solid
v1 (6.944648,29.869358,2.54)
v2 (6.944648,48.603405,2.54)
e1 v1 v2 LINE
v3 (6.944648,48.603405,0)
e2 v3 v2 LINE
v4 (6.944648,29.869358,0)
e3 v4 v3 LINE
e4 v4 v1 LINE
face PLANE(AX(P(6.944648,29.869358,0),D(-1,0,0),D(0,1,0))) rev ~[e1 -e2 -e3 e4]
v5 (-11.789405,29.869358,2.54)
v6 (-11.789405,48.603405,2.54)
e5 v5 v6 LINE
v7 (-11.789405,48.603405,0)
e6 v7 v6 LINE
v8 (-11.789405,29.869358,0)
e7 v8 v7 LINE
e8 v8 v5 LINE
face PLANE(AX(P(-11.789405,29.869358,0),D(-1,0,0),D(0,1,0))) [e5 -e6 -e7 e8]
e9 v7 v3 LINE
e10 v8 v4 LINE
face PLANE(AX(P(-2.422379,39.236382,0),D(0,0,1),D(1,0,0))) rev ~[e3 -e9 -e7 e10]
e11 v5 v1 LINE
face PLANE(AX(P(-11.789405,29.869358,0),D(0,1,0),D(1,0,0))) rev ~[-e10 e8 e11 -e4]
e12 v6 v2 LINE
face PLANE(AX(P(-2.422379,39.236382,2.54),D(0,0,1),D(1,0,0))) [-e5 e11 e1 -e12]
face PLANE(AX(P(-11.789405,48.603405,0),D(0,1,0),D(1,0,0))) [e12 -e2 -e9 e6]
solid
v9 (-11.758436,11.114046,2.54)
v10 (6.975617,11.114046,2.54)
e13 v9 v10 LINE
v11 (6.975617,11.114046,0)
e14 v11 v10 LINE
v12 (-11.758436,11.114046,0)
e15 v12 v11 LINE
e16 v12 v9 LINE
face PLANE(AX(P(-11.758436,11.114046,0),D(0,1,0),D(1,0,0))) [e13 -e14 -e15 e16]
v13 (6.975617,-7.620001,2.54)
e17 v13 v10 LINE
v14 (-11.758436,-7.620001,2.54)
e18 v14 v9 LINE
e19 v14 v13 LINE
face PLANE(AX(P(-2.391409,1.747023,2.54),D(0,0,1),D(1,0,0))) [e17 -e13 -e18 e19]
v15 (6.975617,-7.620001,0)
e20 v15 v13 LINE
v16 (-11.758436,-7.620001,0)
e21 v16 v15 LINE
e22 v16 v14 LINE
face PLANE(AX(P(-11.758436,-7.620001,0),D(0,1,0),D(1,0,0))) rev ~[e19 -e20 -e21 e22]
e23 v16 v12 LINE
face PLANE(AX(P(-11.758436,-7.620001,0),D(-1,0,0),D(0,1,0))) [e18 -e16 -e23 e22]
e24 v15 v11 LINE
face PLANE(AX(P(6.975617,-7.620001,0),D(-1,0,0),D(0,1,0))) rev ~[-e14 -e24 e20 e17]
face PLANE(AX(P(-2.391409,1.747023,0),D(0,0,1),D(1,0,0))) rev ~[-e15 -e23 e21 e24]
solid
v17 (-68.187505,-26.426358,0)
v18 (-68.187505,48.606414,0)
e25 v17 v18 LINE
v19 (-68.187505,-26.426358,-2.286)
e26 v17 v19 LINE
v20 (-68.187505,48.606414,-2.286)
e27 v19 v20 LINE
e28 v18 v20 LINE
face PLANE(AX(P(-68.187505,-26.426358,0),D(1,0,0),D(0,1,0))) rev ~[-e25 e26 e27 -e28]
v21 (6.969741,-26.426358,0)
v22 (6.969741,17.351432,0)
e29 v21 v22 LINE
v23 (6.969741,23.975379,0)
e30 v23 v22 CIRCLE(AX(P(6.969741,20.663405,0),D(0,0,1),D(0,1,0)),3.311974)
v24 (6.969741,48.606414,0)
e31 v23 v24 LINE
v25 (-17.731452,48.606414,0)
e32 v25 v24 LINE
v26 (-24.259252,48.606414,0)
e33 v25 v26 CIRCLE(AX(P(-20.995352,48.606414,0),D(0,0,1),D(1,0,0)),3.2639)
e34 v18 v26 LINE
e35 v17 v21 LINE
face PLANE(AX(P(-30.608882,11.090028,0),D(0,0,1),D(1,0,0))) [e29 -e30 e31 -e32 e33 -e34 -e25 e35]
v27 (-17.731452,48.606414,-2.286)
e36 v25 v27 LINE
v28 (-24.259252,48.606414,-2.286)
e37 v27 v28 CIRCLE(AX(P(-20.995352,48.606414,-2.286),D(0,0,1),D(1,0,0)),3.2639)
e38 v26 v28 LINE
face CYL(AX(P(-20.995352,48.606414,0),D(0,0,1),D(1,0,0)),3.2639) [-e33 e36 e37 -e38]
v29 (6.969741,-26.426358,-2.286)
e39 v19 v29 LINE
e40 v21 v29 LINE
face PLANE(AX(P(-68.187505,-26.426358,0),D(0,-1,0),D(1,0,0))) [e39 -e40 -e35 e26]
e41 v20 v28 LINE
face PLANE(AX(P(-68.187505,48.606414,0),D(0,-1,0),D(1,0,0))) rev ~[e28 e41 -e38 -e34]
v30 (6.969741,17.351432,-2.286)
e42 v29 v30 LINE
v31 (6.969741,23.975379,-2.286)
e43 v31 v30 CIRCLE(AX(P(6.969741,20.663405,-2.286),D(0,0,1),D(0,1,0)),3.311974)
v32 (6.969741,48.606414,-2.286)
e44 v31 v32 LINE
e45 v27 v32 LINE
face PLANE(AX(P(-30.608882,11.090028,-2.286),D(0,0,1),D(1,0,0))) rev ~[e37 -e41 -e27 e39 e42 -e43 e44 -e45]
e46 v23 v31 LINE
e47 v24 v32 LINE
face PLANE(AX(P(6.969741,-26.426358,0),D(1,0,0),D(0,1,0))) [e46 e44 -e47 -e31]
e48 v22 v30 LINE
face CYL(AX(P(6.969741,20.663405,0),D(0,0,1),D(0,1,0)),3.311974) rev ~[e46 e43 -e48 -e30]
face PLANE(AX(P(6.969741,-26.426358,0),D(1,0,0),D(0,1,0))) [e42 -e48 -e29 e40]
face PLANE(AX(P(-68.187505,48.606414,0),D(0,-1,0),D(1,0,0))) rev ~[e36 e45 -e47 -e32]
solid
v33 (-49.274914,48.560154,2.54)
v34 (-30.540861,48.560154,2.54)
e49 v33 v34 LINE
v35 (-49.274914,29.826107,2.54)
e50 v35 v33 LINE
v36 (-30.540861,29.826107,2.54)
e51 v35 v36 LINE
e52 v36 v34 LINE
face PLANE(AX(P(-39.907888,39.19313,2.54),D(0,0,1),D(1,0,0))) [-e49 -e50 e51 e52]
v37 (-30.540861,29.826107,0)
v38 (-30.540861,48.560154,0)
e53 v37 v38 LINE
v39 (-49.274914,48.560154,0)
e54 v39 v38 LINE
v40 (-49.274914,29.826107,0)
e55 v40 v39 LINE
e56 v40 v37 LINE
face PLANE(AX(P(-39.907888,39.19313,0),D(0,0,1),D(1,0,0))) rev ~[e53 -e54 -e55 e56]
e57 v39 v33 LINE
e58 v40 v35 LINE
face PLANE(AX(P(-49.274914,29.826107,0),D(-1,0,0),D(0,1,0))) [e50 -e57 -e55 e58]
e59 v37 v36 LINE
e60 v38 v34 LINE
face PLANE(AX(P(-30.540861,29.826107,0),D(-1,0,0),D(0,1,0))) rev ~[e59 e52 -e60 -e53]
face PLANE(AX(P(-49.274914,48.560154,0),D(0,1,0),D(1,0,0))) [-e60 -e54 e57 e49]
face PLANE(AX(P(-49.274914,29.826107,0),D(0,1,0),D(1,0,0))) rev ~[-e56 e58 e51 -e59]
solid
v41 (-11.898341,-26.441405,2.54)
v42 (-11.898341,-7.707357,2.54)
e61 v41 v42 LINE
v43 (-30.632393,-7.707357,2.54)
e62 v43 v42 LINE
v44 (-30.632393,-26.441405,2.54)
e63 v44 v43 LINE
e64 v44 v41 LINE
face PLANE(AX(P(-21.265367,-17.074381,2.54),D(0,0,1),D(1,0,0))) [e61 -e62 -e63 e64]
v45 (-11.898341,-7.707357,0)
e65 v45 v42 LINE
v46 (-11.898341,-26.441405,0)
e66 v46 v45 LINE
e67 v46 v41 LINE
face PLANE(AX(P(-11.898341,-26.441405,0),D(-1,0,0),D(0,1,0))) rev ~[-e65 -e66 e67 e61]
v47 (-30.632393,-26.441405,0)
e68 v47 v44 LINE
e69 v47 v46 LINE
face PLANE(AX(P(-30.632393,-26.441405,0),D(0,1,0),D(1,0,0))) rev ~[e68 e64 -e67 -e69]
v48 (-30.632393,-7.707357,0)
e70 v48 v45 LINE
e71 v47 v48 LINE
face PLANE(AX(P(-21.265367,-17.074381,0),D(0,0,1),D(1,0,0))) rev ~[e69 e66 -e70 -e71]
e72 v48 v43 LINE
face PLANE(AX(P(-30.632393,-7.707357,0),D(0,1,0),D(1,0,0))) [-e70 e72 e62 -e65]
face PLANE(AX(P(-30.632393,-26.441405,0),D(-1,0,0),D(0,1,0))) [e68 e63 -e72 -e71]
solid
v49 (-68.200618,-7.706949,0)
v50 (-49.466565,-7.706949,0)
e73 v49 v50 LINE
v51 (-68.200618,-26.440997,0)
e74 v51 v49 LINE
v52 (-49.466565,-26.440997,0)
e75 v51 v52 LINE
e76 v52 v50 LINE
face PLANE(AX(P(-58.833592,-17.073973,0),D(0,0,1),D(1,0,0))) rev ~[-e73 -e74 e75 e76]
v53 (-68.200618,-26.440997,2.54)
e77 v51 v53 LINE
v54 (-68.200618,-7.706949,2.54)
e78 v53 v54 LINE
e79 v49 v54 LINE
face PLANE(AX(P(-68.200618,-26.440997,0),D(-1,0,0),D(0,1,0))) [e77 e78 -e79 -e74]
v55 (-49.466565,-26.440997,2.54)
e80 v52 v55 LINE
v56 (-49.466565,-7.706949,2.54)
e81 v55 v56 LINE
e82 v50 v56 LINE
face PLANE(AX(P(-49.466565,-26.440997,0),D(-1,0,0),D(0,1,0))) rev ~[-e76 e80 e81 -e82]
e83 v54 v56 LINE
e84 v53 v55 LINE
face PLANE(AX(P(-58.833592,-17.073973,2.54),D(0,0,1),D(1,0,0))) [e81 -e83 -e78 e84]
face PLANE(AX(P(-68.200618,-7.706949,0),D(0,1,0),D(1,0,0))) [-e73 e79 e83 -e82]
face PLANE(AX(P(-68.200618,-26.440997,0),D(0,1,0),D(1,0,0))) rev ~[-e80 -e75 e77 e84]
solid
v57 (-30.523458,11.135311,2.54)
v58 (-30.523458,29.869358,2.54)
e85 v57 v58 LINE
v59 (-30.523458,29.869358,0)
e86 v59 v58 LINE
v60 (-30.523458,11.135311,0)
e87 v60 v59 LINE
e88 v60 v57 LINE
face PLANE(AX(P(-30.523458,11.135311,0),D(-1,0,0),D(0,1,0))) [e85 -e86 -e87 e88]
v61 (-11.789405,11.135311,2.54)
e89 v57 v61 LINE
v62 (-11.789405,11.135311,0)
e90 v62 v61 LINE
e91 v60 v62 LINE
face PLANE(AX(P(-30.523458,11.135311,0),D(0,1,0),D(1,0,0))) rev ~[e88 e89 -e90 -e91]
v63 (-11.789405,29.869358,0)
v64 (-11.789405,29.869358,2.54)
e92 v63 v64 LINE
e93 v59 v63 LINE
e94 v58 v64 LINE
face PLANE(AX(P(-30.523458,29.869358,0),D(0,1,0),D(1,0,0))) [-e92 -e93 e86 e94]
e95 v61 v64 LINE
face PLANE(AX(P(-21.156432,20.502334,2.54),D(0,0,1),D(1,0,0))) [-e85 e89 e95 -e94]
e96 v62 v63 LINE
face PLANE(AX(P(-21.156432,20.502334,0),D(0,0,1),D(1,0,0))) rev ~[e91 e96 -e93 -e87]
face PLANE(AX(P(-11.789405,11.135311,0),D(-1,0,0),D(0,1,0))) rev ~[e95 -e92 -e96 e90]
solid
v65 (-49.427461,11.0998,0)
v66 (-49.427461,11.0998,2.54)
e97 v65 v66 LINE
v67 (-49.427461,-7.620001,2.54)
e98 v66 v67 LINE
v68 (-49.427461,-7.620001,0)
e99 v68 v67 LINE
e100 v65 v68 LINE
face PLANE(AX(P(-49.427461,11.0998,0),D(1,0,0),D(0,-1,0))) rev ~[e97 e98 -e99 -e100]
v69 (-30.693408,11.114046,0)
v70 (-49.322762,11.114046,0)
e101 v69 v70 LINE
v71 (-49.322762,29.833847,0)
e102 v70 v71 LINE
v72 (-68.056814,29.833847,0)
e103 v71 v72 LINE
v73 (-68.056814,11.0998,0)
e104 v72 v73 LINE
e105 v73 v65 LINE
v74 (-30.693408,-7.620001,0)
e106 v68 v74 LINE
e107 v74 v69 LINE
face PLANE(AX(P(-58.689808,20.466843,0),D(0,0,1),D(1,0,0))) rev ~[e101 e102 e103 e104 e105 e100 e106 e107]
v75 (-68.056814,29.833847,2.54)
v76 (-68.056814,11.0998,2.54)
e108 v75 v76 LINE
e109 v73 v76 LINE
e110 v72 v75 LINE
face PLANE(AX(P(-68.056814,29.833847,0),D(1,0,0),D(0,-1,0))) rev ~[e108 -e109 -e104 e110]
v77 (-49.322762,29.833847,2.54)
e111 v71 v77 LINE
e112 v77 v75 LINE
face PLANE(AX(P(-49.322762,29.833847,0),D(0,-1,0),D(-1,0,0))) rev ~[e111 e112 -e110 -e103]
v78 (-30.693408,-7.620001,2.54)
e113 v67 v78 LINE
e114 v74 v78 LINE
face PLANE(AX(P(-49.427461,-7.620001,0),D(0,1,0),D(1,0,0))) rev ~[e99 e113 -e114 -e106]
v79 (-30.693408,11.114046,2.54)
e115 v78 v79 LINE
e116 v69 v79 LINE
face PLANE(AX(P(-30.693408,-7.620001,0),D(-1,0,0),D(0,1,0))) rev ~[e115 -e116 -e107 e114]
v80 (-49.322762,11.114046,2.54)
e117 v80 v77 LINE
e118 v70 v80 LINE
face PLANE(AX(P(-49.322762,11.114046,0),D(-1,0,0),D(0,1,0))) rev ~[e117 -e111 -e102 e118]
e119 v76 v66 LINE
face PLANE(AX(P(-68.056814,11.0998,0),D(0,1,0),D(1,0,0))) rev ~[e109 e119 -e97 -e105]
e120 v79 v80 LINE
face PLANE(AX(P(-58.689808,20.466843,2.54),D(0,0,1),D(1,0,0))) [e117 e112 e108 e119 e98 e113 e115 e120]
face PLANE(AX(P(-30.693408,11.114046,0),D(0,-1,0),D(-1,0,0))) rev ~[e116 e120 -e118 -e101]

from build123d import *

# Parameters (mm, degrees)
F0_W     = 18.7340527773
F0_H     = 18.7340471894
F1_DEPTH = 2.54
F0_W_2   = 0.1046992838
F0_H_2   = 0.0142469071
F2_W     = 75.1572456211
F2_H     = 75.0327724963
F3_DEPTH = 2.286
F5_DEPTH = 25.4
F6_DEPTH = 2.286


with BuildPart() as f1:
    # F0 (on Top) → F1 (new body)
    with BuildSketch(Plane.XY):
        with Locations((-2.4223788641, 39.23638165)):
            Rectangle(F0_W, F0_H)
    extrude(amount=F1_DEPTH)


with BuildPart() as f1b:
    # F0 (on Top) → F1, piece 2 (new body)
    with BuildSketch(Plane.XY):
        with Locations((-21.265367046, -17.0743810013)):
            Rectangle(F0_W, F0_H)
    extrude(amount=F1_DEPTH)


with BuildPart() as f1c:
    # F0 (on Top) → F1, piece 3 (new body)
    with BuildSketch(Plane.XY):
        with Locations((-58.83359164, -17.073973082)):
            Rectangle(F0_W, F0_H)
    extrude(amount=F1_DEPTH)


with BuildPart() as f1d:
    # F0 (on Top) → F1, piece 4 (new body)
    with BuildSketch(Plane.XY):
        Polygon((-49.4274608791, 11.0997995362), (-49.4274608791, 11.1140464433), (-49.3227615952, 11.1140464433), (-49.3227615952, 29.8338467255), (-68.0568143725, 29.8338467255), (-68.0568143725, 11.0997995362), align=None)
        Polygon((-30.6934081018, 11.1140464433), (-49.3227615952, 11.1140464433), (-49.3227615952, 11.0997995362), (-49.4274608791, 11.0997995362), (-49.4274608791, -7.6200007461), (-30.6934081018, -7.6200007461), align=None)
        with Locations((-49.3751112372, 11.1069229897)):
            Rectangle(F0_W_2, F0_H_2)
    extrude(amount=F1_DEPTH)


with BuildPart() as f1e:
    # F0 (on Top) → F1, piece 5 (new body)
    with BuildSketch(Plane.XY):
        with Locations((-2.3914091289, 1.7470228486)):
            Rectangle(F0_W, F0_H)
    extrude(amount=F1_DEPTH)


with BuildPart() as f1f:
    # F0 (on Top) → F1, piece 6 (new body)
    with BuildSketch(Plane.XY):
        with Locations((-39.907887578, 39.1931300983)):
            Rectangle(F0_W, F0_H)
    extrude(amount=F1_DEPTH)


with BuildPart() as f1g:
    # F0 (on Top) → F1, piece 7 (new body)
    with BuildSketch(Plane.XY):
        with Locations((-21.1564316414, 20.5023344606)):
            Rectangle(F0_W, F0_H)
    extrude(amount=F1_DEPTH)


with BuildPart() as f3:
    # F2 (on Top) → F3 (new body)
    with BuildSketch(Plane.XY):
        with Locations((-30.6088821962, 11.0900280997)):
            Rectangle(F2_W, F2_H)
    extrude(amount=-F3_DEPTH)

    # F4 (on face) → F5 (cut)
    with BuildSketch(Plane.XY):
        with BuildLine():
            Line((6.9697406143, 17.3514315808), (6.9697406143, 23.9753789085))
            ThreePointArc((6.9697406143, 23.9753789085), (3.6577669504, 20.6634052446), (6.9697406143, 17.3514315808))
        make_face()
    extrude(amount=-F5_DEPTH, mode=Mode.SUBTRACT)

    # F4 (on face) → F6 (join)
    with BuildSketch(Plane.XY):
        with BuildLine():
            Line((-24.2592524755, 48.6064143479), (-17.7314524755, 48.6064143479))
            ThreePointArc((-17.7314524755, 48.6064143479), (-20.9953524755, 51.8703143479), (-24.2592524755, 48.6064143479))
        make_face()
    extrude(amount=-F6_DEPTH)


solid = Compound([f1.part, f1b.part, f1c.part, f1d.part, f1e.part, f1f.part, f1g.part, f3.part])
